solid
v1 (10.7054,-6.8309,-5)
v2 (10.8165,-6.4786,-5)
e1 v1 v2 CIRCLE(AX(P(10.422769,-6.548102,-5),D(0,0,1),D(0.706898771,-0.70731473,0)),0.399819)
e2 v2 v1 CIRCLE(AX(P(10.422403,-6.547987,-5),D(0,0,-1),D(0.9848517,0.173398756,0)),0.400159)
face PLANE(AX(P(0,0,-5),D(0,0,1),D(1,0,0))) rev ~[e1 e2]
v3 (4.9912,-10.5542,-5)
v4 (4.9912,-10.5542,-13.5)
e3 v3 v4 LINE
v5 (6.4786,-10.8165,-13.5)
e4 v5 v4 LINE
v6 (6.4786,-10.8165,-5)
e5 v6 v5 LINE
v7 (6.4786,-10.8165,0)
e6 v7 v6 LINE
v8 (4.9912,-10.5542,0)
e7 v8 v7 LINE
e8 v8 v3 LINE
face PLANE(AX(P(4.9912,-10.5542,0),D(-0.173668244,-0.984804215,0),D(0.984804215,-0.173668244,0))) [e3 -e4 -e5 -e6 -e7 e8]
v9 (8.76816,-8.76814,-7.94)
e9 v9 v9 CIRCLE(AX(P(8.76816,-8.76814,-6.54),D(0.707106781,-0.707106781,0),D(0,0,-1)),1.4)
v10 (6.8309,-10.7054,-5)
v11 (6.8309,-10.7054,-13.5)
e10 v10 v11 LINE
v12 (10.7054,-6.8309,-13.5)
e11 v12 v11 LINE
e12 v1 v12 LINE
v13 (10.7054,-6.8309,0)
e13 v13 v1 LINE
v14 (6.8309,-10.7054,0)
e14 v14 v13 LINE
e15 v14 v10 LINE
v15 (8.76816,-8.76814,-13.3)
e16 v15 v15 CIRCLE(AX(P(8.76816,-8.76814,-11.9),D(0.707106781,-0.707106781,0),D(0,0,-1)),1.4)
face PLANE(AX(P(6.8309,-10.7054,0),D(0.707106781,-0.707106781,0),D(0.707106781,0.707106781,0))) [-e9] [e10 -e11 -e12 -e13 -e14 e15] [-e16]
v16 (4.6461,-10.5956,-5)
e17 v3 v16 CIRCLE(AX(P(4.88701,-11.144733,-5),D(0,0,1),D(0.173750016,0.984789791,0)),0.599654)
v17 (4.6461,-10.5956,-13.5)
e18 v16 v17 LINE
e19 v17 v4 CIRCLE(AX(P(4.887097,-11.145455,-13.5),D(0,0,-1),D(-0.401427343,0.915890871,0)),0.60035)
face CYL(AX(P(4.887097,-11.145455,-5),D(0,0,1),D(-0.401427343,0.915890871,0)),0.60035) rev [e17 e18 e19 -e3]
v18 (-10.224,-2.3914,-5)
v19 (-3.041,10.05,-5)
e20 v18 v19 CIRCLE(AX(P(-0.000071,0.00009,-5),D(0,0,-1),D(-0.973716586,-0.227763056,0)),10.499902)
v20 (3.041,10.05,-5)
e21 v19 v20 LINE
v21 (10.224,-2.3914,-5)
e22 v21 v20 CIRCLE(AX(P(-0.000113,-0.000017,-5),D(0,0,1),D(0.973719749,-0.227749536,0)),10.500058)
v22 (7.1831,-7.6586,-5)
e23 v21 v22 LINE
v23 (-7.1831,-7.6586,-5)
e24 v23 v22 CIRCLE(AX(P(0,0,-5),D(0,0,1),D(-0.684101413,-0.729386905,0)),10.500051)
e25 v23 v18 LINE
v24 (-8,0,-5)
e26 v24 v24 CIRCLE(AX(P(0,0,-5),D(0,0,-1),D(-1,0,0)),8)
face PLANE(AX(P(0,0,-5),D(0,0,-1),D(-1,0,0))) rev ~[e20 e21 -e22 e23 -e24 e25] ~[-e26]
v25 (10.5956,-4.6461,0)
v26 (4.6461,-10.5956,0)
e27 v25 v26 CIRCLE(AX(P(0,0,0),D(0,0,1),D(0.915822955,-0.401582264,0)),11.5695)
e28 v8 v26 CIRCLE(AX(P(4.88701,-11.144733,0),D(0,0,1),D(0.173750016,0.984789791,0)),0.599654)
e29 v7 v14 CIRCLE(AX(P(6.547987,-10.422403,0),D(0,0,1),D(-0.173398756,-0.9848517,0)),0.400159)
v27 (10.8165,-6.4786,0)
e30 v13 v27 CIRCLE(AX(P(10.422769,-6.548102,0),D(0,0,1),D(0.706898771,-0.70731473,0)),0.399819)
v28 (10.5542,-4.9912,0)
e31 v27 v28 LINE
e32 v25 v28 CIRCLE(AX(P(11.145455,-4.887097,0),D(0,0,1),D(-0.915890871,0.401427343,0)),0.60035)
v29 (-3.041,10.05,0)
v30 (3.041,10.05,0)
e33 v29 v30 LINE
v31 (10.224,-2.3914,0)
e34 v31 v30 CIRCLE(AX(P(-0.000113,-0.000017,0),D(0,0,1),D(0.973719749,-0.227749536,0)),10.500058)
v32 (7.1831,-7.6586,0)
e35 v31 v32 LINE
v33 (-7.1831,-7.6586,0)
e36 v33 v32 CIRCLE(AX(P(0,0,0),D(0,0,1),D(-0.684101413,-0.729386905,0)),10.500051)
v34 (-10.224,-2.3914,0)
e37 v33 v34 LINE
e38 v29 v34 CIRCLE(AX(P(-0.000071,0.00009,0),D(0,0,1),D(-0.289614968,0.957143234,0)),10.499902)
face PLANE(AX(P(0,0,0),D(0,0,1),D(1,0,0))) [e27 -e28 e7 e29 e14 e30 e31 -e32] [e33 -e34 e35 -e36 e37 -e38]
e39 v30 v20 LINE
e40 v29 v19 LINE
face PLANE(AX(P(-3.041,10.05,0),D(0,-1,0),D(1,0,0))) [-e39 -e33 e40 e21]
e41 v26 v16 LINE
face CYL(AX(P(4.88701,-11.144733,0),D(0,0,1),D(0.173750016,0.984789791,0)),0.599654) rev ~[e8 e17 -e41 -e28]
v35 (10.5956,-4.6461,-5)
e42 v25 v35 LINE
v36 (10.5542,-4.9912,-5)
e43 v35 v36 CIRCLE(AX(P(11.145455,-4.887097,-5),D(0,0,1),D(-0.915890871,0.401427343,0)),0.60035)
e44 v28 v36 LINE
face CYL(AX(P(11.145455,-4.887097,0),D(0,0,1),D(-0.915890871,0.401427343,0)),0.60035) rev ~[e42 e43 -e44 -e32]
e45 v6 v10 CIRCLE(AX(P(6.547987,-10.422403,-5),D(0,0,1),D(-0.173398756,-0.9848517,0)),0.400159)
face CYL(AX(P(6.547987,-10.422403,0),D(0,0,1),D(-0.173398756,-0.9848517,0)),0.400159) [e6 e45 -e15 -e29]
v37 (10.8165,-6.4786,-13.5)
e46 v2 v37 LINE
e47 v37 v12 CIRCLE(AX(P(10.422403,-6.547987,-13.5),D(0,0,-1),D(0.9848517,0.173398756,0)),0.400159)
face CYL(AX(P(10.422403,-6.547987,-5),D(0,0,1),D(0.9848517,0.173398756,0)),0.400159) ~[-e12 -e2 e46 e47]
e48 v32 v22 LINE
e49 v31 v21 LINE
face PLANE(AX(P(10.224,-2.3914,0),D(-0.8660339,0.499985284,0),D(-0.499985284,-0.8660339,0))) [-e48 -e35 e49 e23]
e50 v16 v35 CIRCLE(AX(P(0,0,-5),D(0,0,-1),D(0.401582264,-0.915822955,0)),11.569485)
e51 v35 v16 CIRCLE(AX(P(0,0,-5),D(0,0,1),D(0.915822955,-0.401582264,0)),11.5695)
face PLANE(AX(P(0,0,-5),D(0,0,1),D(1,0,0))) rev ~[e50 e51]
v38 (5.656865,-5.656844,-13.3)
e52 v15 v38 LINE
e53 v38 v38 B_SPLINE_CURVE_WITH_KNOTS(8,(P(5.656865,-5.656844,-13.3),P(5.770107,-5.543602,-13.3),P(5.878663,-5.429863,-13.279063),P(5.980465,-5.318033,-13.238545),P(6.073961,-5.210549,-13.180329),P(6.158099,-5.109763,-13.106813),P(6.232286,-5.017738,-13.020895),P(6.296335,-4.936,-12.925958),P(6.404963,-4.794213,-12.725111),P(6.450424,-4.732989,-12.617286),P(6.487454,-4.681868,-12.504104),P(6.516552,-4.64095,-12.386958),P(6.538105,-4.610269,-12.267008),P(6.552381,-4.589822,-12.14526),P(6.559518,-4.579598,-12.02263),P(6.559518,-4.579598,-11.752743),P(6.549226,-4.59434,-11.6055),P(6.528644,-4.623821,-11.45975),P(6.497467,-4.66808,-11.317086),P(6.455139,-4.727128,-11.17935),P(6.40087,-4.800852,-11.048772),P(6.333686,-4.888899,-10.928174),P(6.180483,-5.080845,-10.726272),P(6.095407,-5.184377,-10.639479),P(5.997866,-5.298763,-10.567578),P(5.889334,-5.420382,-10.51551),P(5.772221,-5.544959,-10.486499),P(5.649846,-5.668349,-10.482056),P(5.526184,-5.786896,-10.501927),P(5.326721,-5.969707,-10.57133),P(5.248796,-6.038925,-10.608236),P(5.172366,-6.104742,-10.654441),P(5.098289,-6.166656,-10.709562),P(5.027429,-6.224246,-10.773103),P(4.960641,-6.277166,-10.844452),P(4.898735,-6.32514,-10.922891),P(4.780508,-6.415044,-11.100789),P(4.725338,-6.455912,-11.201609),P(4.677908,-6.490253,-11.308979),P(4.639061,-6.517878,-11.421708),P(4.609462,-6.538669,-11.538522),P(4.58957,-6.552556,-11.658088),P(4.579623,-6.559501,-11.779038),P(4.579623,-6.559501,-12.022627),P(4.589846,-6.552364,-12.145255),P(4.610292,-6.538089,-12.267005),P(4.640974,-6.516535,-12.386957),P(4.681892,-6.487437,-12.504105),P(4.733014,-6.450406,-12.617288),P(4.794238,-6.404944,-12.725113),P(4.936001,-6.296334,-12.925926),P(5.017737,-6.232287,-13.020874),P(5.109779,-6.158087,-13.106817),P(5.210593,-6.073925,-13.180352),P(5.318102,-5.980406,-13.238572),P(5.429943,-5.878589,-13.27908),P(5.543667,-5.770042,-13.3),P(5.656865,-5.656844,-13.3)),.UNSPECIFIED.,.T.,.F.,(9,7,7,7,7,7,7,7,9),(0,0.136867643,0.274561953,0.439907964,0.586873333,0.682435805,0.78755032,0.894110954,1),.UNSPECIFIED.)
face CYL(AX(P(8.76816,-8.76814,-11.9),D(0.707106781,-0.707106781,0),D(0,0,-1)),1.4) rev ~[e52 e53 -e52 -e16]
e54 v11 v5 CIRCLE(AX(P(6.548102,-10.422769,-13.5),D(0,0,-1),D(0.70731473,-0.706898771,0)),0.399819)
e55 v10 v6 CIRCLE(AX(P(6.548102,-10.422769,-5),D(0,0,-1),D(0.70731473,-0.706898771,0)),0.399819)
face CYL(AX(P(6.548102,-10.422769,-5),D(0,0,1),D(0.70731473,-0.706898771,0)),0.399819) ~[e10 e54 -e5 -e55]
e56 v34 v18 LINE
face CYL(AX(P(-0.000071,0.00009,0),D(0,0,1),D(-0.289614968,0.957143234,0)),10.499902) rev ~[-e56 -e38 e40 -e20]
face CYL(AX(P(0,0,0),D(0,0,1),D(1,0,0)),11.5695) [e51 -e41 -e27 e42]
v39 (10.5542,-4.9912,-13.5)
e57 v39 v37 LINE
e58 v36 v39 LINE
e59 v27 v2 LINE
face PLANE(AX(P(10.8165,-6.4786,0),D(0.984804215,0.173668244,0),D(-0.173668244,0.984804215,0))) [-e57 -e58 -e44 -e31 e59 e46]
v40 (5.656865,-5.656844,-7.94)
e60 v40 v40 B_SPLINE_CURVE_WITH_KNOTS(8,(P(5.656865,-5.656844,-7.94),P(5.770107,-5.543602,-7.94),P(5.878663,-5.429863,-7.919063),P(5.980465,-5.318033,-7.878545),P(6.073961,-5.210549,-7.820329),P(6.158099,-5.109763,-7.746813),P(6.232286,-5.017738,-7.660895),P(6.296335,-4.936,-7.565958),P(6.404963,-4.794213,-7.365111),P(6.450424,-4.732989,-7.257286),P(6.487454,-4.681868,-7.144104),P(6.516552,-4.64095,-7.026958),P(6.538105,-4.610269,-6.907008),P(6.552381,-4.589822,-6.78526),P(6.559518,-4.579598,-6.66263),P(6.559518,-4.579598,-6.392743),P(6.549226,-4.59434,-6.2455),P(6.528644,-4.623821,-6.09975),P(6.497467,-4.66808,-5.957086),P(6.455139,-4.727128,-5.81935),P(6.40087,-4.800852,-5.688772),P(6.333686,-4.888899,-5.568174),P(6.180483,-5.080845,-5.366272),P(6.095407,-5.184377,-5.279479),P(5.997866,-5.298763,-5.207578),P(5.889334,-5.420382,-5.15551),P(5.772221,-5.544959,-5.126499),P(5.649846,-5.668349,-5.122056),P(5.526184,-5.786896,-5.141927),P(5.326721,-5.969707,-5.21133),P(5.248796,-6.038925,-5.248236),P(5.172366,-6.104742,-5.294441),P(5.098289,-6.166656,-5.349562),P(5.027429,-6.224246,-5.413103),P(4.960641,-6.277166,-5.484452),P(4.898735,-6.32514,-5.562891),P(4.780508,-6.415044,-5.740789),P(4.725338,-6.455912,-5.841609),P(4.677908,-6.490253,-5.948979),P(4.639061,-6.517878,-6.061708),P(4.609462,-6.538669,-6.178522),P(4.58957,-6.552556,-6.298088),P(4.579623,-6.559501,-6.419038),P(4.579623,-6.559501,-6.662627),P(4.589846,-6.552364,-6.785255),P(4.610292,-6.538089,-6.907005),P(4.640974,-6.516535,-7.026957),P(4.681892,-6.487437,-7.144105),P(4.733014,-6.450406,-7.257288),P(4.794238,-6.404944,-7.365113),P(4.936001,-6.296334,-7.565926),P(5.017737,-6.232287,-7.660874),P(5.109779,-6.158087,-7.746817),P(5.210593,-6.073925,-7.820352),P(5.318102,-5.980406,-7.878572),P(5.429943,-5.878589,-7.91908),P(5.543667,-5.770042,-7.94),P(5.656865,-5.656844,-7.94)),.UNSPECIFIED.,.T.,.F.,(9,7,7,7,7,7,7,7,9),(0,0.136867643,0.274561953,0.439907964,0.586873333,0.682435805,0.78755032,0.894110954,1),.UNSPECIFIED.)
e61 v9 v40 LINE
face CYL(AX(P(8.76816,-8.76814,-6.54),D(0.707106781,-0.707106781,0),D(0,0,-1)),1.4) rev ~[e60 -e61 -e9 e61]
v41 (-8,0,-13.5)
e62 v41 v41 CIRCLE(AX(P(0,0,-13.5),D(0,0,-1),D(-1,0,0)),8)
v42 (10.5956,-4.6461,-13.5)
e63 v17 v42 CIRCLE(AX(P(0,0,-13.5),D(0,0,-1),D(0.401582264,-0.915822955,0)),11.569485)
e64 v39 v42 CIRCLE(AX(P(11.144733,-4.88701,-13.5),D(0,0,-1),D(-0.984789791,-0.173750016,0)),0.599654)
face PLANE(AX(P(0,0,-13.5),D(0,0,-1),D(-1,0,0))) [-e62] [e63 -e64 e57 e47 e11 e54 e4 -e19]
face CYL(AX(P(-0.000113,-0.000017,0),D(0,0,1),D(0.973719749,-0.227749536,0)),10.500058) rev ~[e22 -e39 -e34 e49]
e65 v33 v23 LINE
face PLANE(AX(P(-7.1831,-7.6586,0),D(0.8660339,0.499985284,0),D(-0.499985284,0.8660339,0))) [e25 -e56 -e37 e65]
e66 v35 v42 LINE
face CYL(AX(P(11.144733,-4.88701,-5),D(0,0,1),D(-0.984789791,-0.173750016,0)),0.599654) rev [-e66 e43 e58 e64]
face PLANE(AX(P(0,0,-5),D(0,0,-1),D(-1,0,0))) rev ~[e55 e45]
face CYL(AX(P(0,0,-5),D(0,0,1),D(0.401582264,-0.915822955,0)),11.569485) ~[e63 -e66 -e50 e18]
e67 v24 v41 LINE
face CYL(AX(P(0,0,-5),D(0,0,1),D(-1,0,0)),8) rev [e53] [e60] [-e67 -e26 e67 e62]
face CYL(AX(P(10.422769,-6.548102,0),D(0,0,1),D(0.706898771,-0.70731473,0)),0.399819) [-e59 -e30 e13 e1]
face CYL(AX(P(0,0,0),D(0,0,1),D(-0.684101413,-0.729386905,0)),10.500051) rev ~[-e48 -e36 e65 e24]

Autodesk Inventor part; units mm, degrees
ref_plane "YZ Plane" through (0, 0, 0) normal (1, 0, 0) x (0, 1, 0)
ref_plane "XZ Plane" through (0, 0, 0) normal (0, 1, 0) x (-1, 0, 0)
ref_plane "XY Plane" through (0, 0, 0) normal (0, 0, 1) x (1, 0, 0)
sketch "Sketch1" plane through (0, 0, 0) normal (0, 0, 1) x (1, 0, 0)
  line L0 (9.6801, -14.008) -> (7.2052, -11.5331) construction
  line L1 (7.2052, -11.5331) -> (11.5893, -7.1491) construction
  line L2 (11.5893, -7.1491) -> (14.0642, -9.6239) construction
  line L3 (14.0642, -9.6239) -> (9.6801, -14.008) construction
  arc A0 (12.6369, -4.7496) -> (4.7496, -12.6369) centre (0, 0) ccw construction
  line L4 (10.9298, -3.0424) -> (12.6369, -4.7496) construction
  line L5 (11.6618, -4.6122) -> (10.9298, -3.0424) construction
  arc A1 (11.6618, -4.6122) -> (10.8551, -4.47) centre (11.2086, -4.8235) ccw construction
  line L6 (10.7915, -4.5335) -> (10.8551, -4.47) construction
  arc A2 (10.7915, -4.5335) -> (10.6527, -4.9738) centre (11.1451, -4.887) ccw construction
  line L7 (10.915, -6.4612) -> (10.6527, -4.9738) construction
  arc A3 (10.7761, -6.9016) -> (10.915, -6.4612) centre (10.4226, -6.548) ccw construction
  line L8 (6.9016, -10.7761) -> (10.7761, -6.9016) construction
  arc A4 (6.4612, -10.915) -> (6.9016, -10.7761) centre (6.548, -10.4226) ccw construction
  line L9 (6.4612, -10.915) -> (4.9738, -10.6527) construction
  arc A5 (4.9738, -10.6527) -> (4.5335, -10.7915) centre (4.887, -11.1451) ccw construction
  line L10 (4.5335, -10.7915) -> (4.47, -10.8551) construction
  arc A6 (4.47, -10.8551) -> (4.6122, -11.6618) centre (4.8235, -11.2086) ccw construction
  line L11 (4.6122, -11.6618) -> (3.0424, -10.9298) construction
  line L12 (3.0424, -10.9298) -> (4.7496, -12.6369) construction
  line L13 (-1.7167, -14.6498) -> (-1.7167, -17.5) construction
  line L14 (-1.7167, -17.5) -> (1.7167, -17.5) construction
  line L15 (1.7167, -14.6498) -> (1.7167, -17.5) construction
  arc A7 (1.7167, -14.6498) -> (6.9595, -13.0049) centre (0, 0) ccw construction
  arc A8 (6.9595, -13.0049) -> (8.2728, -15.1789) centre (8.2994, -13.6792) ccw construction
  line L16 (8.2728, -15.1789) -> (7.6816, -15.1684) construction
  arc A9 (8.5249, -17.8901) -> (7.6816, -15.1684) centre (7.655, -16.6682) ccw construction
  line L17 (8.5249, -17.8901) -> (13.5161, -14.3366) construction
  line L18 (13.5161, -14.3366) -> (13.5161, -12.2823) construction
  line L19 (13.5161, -12.2823) -> (14.6168, -12.2823) construction
  line L20 (14.6168, -12.2823) -> (14.6168, -1.9776) construction
  arc A10 (14.6168, -1.9776) -> (1.7167, 14.6498) centre (0, 0) ccw construction
  line L21 (1.7167, 14.6498) -> (1.7167, 17.5) construction
  line L22 (-1.7167, 17.5) -> (1.7167, 17.5) construction
  line L23 (-1.7167, 14.6498) -> (-1.7167, 17.5) construction
  arc A11 (-1.7167, 14.6498) -> (-14.2817, -3.6872) centre (0, 0) ccw construction
  line L24 (-14.2817, -3.6872) -> (-15.4135, -5.7935) construction
  arc A12 (-15.4135, -5.7935) -> (-14.5984, -8.502) centre (-13.6517, -6.7402) ccw construction
  line L25 (-14.5984, -8.502) -> (-9.6326, -11.1703) construction
  arc A13 (-9.6326, -11.1703) -> (-1.7167, -14.6498) centre (0, 0) ccw construction
  line L26 (-24.6, 24.6) -> (25.2, -25.2) construction
  line L27 (25.2, 24.6) -> (-24.6, -25.2) construction
  arc A14 (-3.041, 10.05) -> (-10.224, -2.3914) centre (0, 0) ccw
  circle A15 centre (0, 0) radius 10.1 construction
  line L28 (-3.041, 10.05) -> (3.041, 10.05)
  line L29 (-7.1831, -7.6586) -> (-10.224, -2.3914)
  line L30 (10.224, -2.3914) -> (7.1831, -7.6586)
  arc A16 (3.041, 10.05) -> (-3.041, 10.05) centre (0, 0) ccw
  arc A17 (10.224, -2.3914) -> (3.041, 10.05) centre (0, 0) ccw
  arc A18 (7.1831, -7.6586) -> (10.224, -2.3914) centre (0, 0) ccw
  arc A19 (-7.1831, -7.6586) -> (7.1831, -7.6586) centre (0, 0) ccw
  arc A20 (-10.224, -2.3914) -> (-7.1831, -7.6586) centre (0, 0) ccw
  arc A21 (10.7054, -6.8309) -> (10.8165, -6.4786) centre (10.4226, -6.548) ccw
  line L31 (10.8165, -6.4786) -> (10.5542, -4.9912)
  arc A22 (10.7208, -4.4628) -> (10.5956, -4.6461) centre (11.1451, -4.887) ccw construction
  line L32 (10.7208, -4.4628) -> (10.7844, -4.3992) construction
  arc A23 (11.7601, -5.0598) -> (10.7844, -4.3992) centre (11.2086, -4.8235) ccw construction
  line L33 (11.7601, -5.0598) -> (10.5994, -2.5707) construction
  line L34 (10.5994, -2.5707) -> (12.5972, -4.5684) construction
  arc A24 (12.5972, -4.5684) -> (4.5684, -12.5972) centre (0, 0) ccw construction
  line L35 (4.5684, -12.5972) -> (2.5707, -10.5994) construction
  line L36 (2.5707, -10.5994) -> (4.2491, -11.3821) construction
  arc A25 (4.3992, -10.7844) -> (4.2491, -11.3821) centre (4.8235, -11.2086) ccw construction
  line L37 (4.3992, -10.7844) -> (4.4628, -10.7208) construction
  arc A26 (4.9912, -10.5542) -> (4.6461, -10.5956) centre (4.887, -11.1451) ccw
  line L38 (4.9912, -10.5542) -> (6.4786, -10.8165)
  arc A27 (6.4786, -10.8165) -> (6.8309, -10.7054) centre (6.548, -10.4226) ccw
  line L39 (6.8309, -10.7054) -> (10.7054, -6.8309)
  circle A28 centre (0, 0) radius 11.5695
  arc A29 (4.6461, -10.5956) -> (4.4628, -10.7208) centre (4.887, -11.1451) ccw construction
  arc A30 (10.5956, -4.6461) -> (10.5542, -4.9912) centre (11.1451, -4.887) ccw
  dimension "d4" = 20.2
  dimension "d5" = 10.05
  dimension "d6" = 21
  dimension "d9" = 360
  dimension "d11" = 0.1
extrude "Extrusion1" add sketch "Sketch1" against normal blind 5 contours A16 L28 | L29 A20 | A18 L30 | L39 A27 L38 A26 A28 A30 L31 A21 | A28
sketch "Sketch3" plane through (0, 0, -5) normal (0, 0, -1) x (-1, 0, 0)
  line L0 (10.224, -2.3914) -> (7.1831, -7.6586) projected
  arc A0 (-7.1831, -7.6586) -> (7.1831, -7.6586) centre (0, 0) ccw projected
  line L1 (-7.1831, -7.6586) -> (-10.224, -2.3914) projected
  arc A1 (-3.041, 10.05) -> (-10.224, -2.3914) centre (0, 0) ccw projected
  line L2 (-3.041, 10.05) -> (3.041, 10.05) projected
  arc A2 (10.224, -2.3914) -> (3.041, 10.05) centre (0, 0) ccw projected
  arc A3 (-10.8165, -6.4786) -> (-10.7054, -6.8309) centre (-10.4226, -6.548) ccw projected
  line L3 (-10.7054, -6.8309) -> (-6.8309, -10.7054) projected
  arc A4 (-6.8309, -10.7054) -> (-6.4786, -10.8165) centre (-6.548, -10.4226) ccw projected
  line L4 (-6.4786, -10.8165) -> (-4.9912, -10.5542) projected
  arc A5 (-4.6461, -10.5956) -> (-4.9912, -10.5542) centre (-4.887, -11.1451) ccw projected
  arc A6 (-4.6461, -10.5956) -> (-10.5956, -4.6461) centre (0, 0) ccw projected
  arc A7 (-10.5542, -4.9912) -> (-10.5956, -4.6461) centre (-11.1451, -4.887) ccw projected
  line L5 (-10.5542, -4.9912) -> (-10.8165, -6.4786) projected
  circle A8 centre (0, 0) radius 8
  circle A9 centre (0, 0) radius 10.5
  dimension "d17" = 16
extrude "Extrusion3" add sketch "Sketch3" along normal blind 8.5 contours A9 L0 | L0 A0 L1 A1 L2 A2 | A9 L1 | L2 A9 | L5 A7 A6 A5 L4 A4 L3 A3
sketch "Sketch4" plane through (6.8309, -10.7054, 0) normal (0.7071, -0.7071, 0) x (0, 0, -1)
  line L0 (0, 0) -> (0, 5.4794) construction
  line L1 (0, 0) -> (13.5, 0) construction
  line L2 (13.5, 5.4794) -> (13.5, 0) construction
  line L3 (0, 5.4794) -> (13.5, 5.4794) construction
  line L4 (0, 2.7397) -> (13.5, 2.7397) construction
  circle A0 centre (11.9, 2.7397) radius 1.4
  circle A1 centre (6.54, 2.7397) radius 1.4
  dimension "d20" = 2.8
  dimension "d21" = 1.6
  dimension "d47" = 2.8
  dimension "d48" = 5.36
extrude "Extrusion4" cut sketch "Sketch4" against normal up to surface
properties part number "20_focus_inlet_linearflexure_objective_mount_v0"
